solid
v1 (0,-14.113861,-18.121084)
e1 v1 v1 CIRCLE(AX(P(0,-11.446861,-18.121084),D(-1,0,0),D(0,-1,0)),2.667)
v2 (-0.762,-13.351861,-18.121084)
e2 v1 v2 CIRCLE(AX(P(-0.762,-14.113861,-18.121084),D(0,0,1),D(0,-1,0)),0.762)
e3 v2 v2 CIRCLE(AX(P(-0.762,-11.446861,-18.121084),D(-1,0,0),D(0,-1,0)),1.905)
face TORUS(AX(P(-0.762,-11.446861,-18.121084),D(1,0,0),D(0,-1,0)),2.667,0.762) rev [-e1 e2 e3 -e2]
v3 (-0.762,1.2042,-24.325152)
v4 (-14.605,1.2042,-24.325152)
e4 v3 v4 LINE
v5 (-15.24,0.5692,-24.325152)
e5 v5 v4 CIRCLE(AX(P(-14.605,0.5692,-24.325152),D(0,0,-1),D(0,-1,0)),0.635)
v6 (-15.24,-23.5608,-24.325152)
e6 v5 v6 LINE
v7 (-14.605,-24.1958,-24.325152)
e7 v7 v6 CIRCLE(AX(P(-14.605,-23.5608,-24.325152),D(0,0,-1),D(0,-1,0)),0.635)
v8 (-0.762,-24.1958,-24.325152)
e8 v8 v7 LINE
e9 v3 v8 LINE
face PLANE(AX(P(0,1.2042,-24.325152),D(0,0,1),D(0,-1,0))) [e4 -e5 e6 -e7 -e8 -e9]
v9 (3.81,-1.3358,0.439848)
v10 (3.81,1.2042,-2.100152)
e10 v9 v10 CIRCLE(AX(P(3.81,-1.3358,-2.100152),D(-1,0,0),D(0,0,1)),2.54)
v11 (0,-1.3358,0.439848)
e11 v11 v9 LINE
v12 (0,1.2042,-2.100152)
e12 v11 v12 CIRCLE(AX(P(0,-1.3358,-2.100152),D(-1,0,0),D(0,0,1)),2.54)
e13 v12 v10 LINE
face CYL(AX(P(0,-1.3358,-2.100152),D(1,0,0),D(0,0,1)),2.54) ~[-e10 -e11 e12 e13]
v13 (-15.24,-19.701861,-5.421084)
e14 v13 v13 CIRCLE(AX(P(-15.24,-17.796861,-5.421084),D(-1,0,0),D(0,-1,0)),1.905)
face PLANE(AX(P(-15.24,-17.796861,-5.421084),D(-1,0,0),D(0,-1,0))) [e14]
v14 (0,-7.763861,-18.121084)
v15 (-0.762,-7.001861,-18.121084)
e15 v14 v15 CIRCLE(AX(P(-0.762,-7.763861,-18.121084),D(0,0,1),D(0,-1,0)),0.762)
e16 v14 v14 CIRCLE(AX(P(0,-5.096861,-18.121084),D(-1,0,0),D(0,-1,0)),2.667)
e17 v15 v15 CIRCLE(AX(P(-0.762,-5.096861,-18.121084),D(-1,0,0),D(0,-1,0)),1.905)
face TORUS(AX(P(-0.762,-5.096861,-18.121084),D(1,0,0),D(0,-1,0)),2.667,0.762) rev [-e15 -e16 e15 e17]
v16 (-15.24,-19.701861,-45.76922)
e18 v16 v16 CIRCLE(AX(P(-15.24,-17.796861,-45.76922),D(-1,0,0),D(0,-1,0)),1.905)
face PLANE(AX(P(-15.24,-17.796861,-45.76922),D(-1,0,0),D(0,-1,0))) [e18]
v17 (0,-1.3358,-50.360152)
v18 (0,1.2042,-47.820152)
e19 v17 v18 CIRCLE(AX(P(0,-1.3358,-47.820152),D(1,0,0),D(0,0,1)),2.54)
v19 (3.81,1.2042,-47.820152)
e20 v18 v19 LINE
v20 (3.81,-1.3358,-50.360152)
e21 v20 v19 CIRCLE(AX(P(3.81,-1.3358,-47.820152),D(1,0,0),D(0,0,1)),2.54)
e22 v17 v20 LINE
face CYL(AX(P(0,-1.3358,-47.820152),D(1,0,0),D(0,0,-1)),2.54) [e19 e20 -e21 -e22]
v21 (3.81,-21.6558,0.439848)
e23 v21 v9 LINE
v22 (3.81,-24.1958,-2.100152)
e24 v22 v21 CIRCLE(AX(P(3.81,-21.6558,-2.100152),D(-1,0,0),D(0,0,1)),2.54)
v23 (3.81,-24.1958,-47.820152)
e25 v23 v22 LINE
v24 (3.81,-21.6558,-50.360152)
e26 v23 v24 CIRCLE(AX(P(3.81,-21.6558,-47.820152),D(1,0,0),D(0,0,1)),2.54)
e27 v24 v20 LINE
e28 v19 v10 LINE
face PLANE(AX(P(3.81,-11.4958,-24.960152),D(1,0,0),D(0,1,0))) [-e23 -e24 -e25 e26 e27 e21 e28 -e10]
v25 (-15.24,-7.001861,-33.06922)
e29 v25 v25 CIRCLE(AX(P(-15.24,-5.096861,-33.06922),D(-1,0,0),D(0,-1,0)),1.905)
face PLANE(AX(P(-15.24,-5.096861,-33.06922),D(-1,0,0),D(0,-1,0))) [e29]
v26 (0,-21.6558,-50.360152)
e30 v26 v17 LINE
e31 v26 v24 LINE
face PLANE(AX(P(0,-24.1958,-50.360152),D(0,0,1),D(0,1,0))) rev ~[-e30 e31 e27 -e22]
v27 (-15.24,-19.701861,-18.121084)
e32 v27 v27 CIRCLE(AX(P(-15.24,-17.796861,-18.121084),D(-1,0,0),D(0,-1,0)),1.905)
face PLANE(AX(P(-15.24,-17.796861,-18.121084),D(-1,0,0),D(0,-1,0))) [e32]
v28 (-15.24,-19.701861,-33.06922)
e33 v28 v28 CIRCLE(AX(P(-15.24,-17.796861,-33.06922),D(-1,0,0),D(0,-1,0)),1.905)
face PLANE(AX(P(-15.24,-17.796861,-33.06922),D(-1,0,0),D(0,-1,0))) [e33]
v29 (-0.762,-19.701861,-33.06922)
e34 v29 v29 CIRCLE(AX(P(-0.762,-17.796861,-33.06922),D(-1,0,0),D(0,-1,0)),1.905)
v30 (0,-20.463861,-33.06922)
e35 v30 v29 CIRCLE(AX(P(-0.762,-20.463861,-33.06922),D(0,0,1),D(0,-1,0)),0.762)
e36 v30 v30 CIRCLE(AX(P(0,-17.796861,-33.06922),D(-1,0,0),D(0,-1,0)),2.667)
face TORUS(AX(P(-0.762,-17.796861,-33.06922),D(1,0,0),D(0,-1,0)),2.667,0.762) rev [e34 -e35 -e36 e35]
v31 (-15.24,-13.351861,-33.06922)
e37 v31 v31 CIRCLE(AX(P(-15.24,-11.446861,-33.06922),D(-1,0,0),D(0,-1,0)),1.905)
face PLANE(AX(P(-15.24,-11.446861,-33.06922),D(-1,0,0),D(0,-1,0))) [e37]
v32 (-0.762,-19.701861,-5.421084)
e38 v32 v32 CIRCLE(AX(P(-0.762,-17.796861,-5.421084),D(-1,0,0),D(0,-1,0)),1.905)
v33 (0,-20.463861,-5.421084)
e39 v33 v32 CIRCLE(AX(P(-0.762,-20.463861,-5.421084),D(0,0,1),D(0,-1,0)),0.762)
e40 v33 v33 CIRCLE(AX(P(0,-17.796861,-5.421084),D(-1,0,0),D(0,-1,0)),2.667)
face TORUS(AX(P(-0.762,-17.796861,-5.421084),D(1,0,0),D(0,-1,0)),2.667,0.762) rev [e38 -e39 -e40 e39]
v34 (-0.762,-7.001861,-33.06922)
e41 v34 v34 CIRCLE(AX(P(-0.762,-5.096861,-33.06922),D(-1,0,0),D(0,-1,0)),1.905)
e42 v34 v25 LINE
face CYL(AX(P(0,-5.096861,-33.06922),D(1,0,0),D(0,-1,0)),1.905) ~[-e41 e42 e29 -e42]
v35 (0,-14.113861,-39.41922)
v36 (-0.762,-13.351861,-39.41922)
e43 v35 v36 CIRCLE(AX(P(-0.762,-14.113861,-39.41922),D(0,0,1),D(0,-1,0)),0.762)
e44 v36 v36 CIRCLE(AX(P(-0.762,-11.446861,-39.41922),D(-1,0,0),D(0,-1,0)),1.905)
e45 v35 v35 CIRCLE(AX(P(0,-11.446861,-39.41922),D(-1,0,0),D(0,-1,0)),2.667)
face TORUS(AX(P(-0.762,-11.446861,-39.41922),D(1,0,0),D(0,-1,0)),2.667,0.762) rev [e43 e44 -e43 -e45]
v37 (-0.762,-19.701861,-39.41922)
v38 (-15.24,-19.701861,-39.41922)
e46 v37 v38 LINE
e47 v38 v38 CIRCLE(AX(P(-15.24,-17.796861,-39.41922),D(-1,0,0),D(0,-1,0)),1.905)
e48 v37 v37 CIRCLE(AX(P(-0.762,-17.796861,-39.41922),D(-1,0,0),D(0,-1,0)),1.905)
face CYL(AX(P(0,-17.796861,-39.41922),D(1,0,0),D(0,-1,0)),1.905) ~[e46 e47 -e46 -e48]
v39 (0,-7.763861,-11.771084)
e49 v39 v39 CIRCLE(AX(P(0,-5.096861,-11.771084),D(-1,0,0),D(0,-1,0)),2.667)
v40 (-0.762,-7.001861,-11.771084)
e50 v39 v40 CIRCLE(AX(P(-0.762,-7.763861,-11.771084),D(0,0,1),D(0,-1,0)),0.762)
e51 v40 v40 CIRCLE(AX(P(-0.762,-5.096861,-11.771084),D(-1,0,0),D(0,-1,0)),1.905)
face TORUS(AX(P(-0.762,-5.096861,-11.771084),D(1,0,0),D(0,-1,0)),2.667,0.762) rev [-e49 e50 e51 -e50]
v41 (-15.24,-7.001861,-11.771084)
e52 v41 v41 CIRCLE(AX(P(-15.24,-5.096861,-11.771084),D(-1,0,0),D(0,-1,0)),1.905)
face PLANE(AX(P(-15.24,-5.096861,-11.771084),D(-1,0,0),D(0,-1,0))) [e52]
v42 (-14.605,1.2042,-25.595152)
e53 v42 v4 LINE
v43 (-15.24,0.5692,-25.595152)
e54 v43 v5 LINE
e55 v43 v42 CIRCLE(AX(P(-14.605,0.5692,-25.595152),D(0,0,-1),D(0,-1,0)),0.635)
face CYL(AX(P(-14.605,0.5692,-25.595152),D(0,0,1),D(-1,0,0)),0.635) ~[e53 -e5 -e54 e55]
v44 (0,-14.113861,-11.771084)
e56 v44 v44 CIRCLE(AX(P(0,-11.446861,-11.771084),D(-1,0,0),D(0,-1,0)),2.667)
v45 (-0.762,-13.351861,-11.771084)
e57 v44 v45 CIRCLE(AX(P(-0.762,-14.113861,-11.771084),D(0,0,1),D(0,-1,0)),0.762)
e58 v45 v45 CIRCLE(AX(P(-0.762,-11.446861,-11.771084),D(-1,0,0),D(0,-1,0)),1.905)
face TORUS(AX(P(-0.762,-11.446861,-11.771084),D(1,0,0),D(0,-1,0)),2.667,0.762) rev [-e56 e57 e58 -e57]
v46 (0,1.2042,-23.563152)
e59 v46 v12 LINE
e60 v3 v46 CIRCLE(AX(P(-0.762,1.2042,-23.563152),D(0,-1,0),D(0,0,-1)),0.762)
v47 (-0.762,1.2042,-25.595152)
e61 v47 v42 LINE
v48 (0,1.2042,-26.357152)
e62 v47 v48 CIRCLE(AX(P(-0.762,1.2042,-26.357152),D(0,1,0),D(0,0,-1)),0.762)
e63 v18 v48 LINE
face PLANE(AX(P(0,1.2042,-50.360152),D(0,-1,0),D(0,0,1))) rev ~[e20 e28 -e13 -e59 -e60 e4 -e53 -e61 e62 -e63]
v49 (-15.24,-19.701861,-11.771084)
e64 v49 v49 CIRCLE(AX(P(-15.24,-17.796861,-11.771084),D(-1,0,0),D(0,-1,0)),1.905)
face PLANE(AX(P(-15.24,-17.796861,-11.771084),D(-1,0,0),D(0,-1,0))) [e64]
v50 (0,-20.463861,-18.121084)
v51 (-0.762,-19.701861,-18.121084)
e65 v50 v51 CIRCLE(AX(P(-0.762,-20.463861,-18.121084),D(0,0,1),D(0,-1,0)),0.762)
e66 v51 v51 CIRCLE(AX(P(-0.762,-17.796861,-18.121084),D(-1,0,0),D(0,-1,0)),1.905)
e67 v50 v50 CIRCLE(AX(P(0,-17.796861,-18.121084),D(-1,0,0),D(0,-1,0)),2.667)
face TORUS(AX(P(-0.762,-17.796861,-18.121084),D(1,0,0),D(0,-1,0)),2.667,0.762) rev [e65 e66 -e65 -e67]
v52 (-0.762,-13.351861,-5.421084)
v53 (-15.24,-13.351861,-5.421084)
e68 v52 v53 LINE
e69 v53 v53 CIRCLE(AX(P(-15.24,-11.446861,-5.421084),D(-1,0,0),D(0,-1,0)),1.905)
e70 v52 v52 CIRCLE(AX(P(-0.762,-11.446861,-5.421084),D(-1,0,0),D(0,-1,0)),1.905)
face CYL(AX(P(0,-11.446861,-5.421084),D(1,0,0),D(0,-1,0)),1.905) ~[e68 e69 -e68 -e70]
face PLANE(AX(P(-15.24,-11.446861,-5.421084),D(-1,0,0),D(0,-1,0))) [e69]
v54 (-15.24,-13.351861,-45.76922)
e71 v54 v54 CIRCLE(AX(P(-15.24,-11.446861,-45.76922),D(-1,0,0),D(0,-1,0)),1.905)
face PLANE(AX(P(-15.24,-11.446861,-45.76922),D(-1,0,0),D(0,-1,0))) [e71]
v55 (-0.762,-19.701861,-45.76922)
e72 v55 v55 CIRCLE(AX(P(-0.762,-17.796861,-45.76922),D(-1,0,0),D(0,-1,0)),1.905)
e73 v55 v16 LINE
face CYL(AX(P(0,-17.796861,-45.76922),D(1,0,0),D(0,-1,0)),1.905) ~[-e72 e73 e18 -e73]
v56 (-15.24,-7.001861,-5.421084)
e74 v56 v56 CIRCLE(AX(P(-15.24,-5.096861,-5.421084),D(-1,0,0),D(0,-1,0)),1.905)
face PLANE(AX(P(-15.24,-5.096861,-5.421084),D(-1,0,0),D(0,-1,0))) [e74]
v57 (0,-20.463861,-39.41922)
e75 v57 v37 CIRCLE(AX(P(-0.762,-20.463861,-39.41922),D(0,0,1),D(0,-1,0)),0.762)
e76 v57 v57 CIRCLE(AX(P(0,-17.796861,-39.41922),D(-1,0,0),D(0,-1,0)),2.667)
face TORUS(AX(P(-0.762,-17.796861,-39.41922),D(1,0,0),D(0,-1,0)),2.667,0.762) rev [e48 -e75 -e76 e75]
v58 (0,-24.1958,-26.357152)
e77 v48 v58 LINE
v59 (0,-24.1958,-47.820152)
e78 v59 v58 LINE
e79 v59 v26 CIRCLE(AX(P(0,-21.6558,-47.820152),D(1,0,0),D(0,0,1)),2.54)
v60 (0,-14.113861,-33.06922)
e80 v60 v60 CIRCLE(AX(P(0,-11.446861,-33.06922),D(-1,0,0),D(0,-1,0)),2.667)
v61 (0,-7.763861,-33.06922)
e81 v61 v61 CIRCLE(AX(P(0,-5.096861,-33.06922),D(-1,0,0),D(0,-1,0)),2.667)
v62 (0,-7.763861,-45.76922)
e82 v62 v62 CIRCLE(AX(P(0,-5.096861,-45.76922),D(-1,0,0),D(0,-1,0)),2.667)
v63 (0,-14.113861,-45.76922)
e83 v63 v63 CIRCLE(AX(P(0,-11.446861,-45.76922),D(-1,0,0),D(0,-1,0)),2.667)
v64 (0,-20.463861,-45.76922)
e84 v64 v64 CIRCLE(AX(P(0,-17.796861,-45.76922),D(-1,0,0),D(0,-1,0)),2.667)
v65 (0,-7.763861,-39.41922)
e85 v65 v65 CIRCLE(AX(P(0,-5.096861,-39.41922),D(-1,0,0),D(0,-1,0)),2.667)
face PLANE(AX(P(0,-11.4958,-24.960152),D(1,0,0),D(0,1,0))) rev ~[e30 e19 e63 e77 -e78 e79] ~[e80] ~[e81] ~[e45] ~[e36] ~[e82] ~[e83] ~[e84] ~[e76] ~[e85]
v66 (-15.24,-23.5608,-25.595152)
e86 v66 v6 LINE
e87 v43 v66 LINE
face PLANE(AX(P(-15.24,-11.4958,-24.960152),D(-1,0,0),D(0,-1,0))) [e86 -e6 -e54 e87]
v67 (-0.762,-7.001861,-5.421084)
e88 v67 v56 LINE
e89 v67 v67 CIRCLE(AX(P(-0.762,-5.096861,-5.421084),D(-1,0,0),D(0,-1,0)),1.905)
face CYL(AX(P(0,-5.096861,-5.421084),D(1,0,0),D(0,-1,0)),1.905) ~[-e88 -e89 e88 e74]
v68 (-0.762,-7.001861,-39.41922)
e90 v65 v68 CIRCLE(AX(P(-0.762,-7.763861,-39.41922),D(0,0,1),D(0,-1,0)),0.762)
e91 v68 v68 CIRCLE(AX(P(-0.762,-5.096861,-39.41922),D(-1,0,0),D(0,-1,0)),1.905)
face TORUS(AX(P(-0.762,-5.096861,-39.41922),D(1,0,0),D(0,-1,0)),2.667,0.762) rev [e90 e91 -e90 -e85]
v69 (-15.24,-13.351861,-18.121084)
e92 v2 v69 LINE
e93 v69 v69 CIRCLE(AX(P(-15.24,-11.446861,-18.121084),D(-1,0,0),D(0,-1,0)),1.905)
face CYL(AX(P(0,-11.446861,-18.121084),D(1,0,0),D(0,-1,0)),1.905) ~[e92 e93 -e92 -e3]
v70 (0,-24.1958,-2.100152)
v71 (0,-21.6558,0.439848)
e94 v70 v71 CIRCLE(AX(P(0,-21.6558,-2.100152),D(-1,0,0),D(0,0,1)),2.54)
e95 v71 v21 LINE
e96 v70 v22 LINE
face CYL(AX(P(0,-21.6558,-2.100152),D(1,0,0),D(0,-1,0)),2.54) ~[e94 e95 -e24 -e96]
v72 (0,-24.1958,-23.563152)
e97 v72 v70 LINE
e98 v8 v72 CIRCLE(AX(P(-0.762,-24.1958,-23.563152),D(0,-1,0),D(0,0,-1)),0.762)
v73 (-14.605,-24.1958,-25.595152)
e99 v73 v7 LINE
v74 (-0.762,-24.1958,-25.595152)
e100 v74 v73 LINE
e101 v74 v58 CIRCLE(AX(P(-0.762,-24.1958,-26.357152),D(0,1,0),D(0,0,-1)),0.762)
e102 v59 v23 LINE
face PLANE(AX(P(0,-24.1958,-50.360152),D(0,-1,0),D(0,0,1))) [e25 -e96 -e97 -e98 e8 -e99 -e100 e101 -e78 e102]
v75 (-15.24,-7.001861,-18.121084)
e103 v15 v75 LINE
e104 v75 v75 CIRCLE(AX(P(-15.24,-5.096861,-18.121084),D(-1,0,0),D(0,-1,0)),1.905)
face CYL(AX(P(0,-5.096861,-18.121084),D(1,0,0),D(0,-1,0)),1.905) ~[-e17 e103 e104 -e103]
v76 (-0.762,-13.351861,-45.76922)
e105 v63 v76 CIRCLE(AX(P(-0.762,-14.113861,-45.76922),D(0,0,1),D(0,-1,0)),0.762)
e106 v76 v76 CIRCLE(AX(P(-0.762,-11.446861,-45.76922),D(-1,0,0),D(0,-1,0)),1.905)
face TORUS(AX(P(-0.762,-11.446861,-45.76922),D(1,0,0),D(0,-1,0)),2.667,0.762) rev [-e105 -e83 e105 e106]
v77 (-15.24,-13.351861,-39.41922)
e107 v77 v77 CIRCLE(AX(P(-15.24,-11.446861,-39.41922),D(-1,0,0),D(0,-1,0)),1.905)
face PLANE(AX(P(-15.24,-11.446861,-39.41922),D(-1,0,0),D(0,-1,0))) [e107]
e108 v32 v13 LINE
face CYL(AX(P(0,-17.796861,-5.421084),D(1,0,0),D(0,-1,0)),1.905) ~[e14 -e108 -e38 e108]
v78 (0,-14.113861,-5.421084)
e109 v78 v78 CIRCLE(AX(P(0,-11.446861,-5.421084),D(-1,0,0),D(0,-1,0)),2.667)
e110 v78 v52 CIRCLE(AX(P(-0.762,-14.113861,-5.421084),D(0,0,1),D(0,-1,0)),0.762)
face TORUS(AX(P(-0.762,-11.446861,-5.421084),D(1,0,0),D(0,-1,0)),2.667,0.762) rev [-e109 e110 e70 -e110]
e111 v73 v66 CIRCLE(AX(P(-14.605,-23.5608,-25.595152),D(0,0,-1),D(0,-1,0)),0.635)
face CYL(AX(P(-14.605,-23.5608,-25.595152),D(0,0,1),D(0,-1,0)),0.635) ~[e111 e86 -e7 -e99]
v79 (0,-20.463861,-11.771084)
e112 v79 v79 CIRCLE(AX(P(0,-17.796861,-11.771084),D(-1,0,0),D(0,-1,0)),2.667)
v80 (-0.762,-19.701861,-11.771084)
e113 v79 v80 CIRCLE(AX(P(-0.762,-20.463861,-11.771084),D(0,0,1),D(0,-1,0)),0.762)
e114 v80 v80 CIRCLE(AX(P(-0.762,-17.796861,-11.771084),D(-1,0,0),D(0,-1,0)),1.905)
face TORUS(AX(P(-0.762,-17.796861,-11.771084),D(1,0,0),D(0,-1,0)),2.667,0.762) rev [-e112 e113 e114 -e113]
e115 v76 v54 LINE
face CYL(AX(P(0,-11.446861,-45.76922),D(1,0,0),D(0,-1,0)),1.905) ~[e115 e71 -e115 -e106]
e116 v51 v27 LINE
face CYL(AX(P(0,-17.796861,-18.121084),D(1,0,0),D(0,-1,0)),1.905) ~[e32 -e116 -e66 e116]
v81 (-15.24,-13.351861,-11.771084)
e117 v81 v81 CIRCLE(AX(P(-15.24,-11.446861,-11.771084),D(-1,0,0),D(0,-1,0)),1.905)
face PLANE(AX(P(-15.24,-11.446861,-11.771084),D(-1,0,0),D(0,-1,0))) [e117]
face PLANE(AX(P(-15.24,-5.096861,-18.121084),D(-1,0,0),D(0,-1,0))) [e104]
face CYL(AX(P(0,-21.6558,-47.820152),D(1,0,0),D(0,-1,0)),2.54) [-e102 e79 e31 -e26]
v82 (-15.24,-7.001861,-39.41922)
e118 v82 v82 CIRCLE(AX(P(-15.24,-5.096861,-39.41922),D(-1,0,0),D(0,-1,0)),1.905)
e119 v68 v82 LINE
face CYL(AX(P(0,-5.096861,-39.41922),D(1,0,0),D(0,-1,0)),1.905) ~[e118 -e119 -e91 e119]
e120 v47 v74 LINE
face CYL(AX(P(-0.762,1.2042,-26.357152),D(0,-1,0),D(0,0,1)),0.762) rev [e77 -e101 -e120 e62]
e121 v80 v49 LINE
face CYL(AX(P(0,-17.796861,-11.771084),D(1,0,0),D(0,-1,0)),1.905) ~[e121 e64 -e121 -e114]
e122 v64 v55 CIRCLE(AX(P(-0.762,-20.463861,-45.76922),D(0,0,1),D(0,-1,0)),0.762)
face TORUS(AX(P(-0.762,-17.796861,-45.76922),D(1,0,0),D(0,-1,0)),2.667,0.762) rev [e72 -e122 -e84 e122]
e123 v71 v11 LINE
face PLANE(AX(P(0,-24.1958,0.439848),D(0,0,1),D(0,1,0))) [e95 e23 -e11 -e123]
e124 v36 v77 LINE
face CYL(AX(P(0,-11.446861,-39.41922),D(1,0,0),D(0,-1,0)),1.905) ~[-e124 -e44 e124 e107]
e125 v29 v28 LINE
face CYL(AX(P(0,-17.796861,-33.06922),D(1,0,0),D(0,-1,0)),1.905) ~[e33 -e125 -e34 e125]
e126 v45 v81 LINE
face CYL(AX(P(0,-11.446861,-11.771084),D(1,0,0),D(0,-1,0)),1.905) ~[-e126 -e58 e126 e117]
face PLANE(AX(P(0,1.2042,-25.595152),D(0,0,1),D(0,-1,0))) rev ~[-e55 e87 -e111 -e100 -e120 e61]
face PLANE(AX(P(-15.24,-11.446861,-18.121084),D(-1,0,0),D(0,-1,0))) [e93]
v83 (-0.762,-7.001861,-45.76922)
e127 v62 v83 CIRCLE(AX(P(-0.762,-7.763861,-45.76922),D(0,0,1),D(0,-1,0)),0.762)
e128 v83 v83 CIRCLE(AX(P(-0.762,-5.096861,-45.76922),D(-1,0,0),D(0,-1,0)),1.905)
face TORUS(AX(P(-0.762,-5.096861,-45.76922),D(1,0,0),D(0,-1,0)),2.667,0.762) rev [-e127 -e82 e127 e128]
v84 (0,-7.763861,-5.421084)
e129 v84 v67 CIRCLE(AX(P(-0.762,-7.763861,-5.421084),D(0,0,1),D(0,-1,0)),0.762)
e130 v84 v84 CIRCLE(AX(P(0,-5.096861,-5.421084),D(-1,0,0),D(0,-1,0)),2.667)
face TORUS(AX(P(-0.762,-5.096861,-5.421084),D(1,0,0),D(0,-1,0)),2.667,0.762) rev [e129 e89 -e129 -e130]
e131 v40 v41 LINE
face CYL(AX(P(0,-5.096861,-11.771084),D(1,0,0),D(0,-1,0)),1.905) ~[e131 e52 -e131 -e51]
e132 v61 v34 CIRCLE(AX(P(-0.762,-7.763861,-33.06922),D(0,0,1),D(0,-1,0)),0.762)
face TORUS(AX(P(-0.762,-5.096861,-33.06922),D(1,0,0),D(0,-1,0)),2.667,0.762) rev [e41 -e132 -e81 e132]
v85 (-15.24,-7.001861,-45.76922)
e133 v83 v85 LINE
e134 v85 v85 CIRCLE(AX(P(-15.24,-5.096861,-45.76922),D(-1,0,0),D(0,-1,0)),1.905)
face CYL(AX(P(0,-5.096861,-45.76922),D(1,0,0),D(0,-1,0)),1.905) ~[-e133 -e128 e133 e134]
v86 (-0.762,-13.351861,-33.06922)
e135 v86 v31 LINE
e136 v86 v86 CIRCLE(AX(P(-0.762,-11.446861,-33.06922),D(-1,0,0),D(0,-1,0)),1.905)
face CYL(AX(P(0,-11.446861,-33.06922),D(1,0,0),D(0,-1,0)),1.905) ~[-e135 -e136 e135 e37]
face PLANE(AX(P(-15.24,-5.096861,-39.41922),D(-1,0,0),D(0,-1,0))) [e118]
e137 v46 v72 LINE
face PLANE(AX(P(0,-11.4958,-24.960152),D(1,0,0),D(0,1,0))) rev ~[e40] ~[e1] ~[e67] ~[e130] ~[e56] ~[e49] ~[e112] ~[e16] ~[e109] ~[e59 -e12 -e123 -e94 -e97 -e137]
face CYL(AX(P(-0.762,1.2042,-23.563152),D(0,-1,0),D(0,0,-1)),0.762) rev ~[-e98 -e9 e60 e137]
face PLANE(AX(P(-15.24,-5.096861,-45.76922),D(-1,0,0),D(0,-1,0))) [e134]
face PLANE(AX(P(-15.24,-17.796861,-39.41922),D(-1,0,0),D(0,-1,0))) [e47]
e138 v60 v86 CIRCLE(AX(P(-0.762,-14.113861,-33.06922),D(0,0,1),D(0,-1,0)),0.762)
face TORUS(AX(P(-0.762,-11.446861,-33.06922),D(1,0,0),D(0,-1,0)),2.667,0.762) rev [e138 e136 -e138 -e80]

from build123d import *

# Parameters (mm, degrees)
F0_W     = 25.4
F0_H     = 50.8
F1_DEPTH = 3.81
F2_R     = 1.905
F2_W     = 25.4
F2_H     = 1.27
F3_DEPTH = 15.24
F4_R     = 2.54
F5_R     = 0.635
F6_R     = 0.762


with BuildPart() as f1:
    # F0 (on Right) → F1 (new body)
    with BuildSketch(Plane.YZ):
        with Locations((-11.4958, -24.960152)):
            Rectangle(F0_W, F0_H)
    extrude(amount=F1_DEPTH)

    # F2 (on face) → F3 (join)
    with BuildSketch(Plane(origin=(0, 0, 0), x_dir=(0, -1, 0), z_dir=(-1, 0, 0))):
        with Locations((5.096861, -11.771084)):
            Circle(F2_R)
        with Locations((11.446861, -11.771084)):
            Circle(F2_R)
        with Locations((17.796861, -11.771084)):
            Circle(F2_R)
        with Locations((5.096861, -5.421084)):
            Circle(F2_R)
        with Locations((11.446861, -5.421084)):
            Circle(F2_R)
        with Locations((17.796861, -5.421084)):
            Circle(F2_R)
        with Locations((11.4958, -24.960152)):
            Rectangle(F2_W, F2_H)
        with Locations((5.096861, -18.121084)):
            Circle(F2_R)
        with Locations((11.446861, -18.121084)):
            Circle(F2_R)
        with Locations((17.796861, -18.121084)):
            Circle(F2_R)
        with Locations((5.096861, -33.06922)):
            Circle(F2_R)
        with Locations((11.446861, -33.06922)):
            Circle(F2_R)
        with Locations((17.796861, -33.06922)):
            Circle(F2_R)
        with Locations((17.796861, -39.41922)):
            Circle(F2_R)
        with Locations((11.446861, -39.41922)):
            Circle(F2_R)
        with Locations((5.096861, -39.41922)):
            Circle(F2_R)
        with Locations((17.796861, -45.76922)):
            Circle(F2_R)
        with Locations((11.446861, -45.76922)):
            Circle(F2_R)
        with Locations((5.096861, -45.76922)):
            Circle(F2_R)
    extrude(amount=F3_DEPTH)

    # F4
    f4_edges = [f1.edges().sort_by_distance(p)[0] for p in [
        (1.905, -24.1958, -50.360152),
        (1.905, -24.1958, 0.439848),
        (1.905, 1.2042, -50.360152),
        (1.905, 1.2042, 0.439848),
    ]]
    fillet(f4_edges, radius=F4_R)

    # F5
    f5_edges = [f1.edges().sort_by_distance(p)[0] for p in [
        (-15.24, 1.2042, -24.960152),
        (-15.24, -24.1958, -24.960152),
    ]]
    fillet(f5_edges, radius=F5_R)

    # F6
    f6_edges = [f1.edges().sort_by_distance(p)[0] for p in [
        (0, -3.191861, -18.121084),
        (0, -3.191861, -11.771084),
        (0, -3.191861, -5.421084),
        (0, -9.541861, -5.421084),
        (0, -9.541861, -11.771084),
        (0, -15.891861, -11.771084),
        (0, -15.891861, -5.421084),
        (0, -3.191861, -33.06922),
        (0, -9.541861, -18.121084),
        (0, -15.891861, -18.121084),
        (0, -9.541861, -33.06922),
        (0, -15.891861, -33.06922),
        (0, -3.191861, -39.41922),
        (0, -9.541861, -39.41922),
        (0, -15.891861, -39.41922),
        (0, -15.891861, -45.76922),
        (0, -9.541861, -45.76922),
        (0, -3.191861, -45.76922),
        (0, -11.4958, -24.325152),
        (0, -11.4958, -25.595152),
    ]]
    fillet(f6_edges, radius=F6_R)


solid = f1.part
